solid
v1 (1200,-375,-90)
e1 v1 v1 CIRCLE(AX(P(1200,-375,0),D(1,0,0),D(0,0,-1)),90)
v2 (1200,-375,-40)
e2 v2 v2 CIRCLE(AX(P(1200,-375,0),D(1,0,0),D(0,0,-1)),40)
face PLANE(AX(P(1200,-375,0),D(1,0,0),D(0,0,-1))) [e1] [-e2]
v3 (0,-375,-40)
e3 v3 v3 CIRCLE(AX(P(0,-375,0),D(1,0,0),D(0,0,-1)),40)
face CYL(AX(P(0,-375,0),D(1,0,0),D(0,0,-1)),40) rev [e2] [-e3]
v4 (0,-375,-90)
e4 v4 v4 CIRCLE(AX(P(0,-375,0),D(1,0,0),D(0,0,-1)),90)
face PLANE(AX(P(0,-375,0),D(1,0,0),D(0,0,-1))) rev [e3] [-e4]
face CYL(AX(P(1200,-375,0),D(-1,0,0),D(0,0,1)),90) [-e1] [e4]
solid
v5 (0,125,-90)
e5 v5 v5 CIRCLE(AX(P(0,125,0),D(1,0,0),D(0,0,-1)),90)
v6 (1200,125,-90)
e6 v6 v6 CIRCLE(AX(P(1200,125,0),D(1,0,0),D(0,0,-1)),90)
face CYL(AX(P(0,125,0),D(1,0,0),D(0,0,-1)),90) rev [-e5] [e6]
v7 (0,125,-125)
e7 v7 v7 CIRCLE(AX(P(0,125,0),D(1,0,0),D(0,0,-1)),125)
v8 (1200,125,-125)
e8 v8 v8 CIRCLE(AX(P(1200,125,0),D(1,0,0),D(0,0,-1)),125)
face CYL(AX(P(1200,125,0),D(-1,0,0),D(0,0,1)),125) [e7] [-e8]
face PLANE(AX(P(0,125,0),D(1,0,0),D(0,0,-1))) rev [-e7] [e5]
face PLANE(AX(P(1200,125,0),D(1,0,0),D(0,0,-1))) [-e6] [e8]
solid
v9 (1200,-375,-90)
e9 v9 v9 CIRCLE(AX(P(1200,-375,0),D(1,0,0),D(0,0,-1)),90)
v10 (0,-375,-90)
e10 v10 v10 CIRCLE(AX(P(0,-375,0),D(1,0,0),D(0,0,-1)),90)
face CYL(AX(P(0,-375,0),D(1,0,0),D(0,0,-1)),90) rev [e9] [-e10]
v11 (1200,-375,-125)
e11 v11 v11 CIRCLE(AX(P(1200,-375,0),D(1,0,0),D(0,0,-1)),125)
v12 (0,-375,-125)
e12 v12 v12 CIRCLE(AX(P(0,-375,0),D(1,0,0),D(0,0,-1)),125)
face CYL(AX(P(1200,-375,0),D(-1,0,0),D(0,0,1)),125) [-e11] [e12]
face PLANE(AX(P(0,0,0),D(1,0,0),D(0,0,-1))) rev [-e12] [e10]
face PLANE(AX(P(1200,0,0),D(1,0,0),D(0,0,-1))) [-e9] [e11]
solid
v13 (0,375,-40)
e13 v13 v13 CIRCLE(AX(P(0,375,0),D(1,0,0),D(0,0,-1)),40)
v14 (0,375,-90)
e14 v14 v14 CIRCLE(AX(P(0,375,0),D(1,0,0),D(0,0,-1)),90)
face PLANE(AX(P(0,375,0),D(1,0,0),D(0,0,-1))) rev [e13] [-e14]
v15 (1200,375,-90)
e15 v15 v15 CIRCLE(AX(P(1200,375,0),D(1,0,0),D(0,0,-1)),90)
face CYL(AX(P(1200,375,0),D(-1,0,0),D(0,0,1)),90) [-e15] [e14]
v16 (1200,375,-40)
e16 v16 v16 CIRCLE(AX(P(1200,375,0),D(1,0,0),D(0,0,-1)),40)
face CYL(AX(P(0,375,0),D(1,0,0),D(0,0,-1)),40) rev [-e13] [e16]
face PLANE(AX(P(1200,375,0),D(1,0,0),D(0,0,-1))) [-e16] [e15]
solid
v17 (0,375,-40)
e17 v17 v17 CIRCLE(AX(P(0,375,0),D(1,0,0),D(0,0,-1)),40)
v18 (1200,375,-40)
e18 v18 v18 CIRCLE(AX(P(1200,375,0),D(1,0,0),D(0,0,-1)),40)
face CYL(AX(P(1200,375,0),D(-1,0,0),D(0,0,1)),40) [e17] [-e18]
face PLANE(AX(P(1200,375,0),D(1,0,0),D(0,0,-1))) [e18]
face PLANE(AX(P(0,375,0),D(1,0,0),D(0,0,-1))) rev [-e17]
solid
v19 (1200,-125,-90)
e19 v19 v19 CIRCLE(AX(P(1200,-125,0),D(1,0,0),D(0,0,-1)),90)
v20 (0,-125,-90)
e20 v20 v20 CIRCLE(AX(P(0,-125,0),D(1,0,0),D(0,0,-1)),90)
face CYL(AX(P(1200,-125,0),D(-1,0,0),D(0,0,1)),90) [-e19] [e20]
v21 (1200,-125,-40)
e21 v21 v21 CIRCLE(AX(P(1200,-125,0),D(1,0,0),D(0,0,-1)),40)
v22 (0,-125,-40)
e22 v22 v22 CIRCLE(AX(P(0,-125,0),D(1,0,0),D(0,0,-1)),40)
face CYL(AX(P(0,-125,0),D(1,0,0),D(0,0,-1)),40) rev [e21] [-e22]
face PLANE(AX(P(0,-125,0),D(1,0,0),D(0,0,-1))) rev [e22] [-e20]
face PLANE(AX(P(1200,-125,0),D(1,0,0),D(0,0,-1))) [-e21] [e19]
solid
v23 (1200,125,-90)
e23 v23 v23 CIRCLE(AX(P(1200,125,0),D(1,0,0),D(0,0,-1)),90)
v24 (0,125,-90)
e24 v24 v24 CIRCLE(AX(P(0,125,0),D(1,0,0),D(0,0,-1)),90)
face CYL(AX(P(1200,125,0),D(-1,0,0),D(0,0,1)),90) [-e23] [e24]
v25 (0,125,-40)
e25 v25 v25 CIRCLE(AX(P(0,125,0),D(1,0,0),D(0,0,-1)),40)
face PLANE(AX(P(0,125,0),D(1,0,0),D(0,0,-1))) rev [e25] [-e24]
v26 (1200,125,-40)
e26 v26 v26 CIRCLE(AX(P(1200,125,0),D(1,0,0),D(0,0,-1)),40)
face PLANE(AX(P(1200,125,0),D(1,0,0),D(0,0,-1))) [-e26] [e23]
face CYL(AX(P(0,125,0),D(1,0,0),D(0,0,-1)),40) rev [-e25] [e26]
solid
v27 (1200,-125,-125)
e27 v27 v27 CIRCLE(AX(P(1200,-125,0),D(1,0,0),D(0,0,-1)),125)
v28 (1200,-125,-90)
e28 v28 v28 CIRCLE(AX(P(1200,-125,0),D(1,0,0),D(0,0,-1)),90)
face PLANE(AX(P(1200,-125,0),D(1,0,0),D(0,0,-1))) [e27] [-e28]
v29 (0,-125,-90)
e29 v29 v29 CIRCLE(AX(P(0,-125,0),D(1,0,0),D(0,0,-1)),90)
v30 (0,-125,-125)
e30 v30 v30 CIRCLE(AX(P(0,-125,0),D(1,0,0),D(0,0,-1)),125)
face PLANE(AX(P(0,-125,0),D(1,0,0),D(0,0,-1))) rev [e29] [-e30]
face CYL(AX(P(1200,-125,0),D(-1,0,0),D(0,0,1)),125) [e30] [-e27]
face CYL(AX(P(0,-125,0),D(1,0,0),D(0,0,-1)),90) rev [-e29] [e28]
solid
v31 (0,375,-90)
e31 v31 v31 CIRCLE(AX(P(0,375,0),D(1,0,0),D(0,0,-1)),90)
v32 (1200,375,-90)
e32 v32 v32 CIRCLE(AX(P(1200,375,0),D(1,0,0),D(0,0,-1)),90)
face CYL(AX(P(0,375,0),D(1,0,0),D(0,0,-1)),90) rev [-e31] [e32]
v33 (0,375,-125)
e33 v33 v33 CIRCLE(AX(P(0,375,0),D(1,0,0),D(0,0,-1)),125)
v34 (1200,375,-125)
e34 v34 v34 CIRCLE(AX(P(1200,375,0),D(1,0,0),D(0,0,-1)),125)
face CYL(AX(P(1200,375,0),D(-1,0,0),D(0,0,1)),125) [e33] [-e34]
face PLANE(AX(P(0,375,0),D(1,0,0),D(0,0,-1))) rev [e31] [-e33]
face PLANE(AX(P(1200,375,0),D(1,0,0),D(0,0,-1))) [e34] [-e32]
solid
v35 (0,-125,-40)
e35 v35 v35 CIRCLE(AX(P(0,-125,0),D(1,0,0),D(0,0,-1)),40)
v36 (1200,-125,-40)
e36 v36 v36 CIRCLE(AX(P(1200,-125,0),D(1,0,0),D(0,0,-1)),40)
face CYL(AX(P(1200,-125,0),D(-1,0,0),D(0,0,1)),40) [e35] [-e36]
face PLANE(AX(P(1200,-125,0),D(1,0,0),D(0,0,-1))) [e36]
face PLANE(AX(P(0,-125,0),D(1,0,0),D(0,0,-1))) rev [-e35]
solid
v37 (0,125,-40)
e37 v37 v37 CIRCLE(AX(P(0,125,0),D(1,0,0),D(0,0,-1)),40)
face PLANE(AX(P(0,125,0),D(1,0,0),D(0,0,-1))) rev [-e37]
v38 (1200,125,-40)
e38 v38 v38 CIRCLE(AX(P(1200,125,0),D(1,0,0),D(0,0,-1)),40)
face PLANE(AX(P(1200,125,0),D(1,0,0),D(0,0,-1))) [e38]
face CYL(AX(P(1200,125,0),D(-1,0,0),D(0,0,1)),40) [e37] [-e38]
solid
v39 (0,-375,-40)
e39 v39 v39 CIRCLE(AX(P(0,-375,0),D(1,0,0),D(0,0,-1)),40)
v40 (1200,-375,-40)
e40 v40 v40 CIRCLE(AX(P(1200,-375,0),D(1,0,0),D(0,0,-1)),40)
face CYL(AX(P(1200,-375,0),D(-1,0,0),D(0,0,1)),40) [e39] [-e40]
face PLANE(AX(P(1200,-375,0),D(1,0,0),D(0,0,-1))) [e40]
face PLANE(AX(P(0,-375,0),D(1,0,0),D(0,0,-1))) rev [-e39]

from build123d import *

# Parameters (mm, degrees)
SKETCH_1_R          = 125
EXTRUDE_1_DEPTH     = 1200
EXTRUDE_1_2_DEPTH   = 1200
EXTRUDE_1_3_DEPTH   = 1200
EXTRUDE_1_4_DEPTH   = 1200
SKETCH_2_R          = 90
CUT_EXTRUDE_1_DEPTH = 1306.995788661
SKETCH_3_R          = 90
EXTRUDE_3_DEPTH     = 1200
EXTRUDE_3_2_DEPTH   = 1200
EXTRUDE_3_3_DEPTH   = 1200
EXTRUDE_3_4_DEPTH   = 1200
SKETCH_4_R          = 40
CUT_EXTRUDE_2_DEPTH = 1306.995788661
SKETCH_5_R          = 40
EXTRUDE_7_DEPTH     = 1200
EXTRUDE_7_2_DEPTH   = 1200
EXTRUDE_7_3_DEPTH   = 1200
EXTRUDE_7_4_DEPTH   = 1200


with BuildPart() as part:
    # 草图1 → 凸台-拉伸1 (new body)
    with BuildSketch(Plane(origin=(0, 0, 0), x_dir=(0, 0, -1), z_dir=(1, 0, 0))):
        with Locations((0, -375)):
            Circle(SKETCH_1_R)
    extrude(amount=EXTRUDE_1_DEPTH)


with BuildPart() as body_2:
    # 草图1 → Extrude 1 2 (new body)
    with BuildSketch(Plane(origin=(0, 0, 0), x_dir=(0, 0, -1), z_dir=(1, 0, 0))):
        with Locations((0, 375)):
            Circle(SKETCH_1_R)
    extrude(amount=EXTRUDE_1_2_DEPTH)


with BuildPart() as body_3:
    # 草图1 → Extrude 1 3 (new body)
    with BuildSketch(Plane(origin=(0, 0, 0), x_dir=(0, 0, -1), z_dir=(1, 0, 0))):
        with Locations((0, 125)):
            Circle(SKETCH_1_R)
    extrude(amount=EXTRUDE_1_3_DEPTH)


with BuildPart() as body_4:
    # 草图1 → Extrude 1 4 (new body)
    with BuildSketch(Plane(origin=(0, 0, 0), x_dir=(0, 0, -1), z_dir=(1, 0, 0))):
        with Locations((0, -125)):
            Circle(SKETCH_1_R)
    extrude(amount=EXTRUDE_1_4_DEPTH)


with BuildPart() as cut_extrude_1_tool:
    # 草图2 → 切除-拉伸1 (new, through all)
    with BuildSketch(Plane(origin=(1200, 0, 0), x_dir=(0, 0, -1), z_dir=(1, 0, 0))):
        with Locations((0, 375)):
            Circle(SKETCH_2_R)
        with Locations((0, 125)):
            Circle(SKETCH_2_R)
        with Locations((0, -125)):
            Circle(SKETCH_2_R)
        with Locations((0, -375)):
            Circle(SKETCH_2_R)
    extrude(amount=-CUT_EXTRUDE_1_DEPTH)


with BuildPart() as part_1:
    add(part.part)

    # 切除-拉伸1: cut by cut_extrude_1_tool
    add(cut_extrude_1_tool.part, mode=Mode.SUBTRACT)


with BuildPart() as body_2_1:
    add(body_2.part)

    # 切除-拉伸1: cut by cut_extrude_1_tool
    add(cut_extrude_1_tool.part, mode=Mode.SUBTRACT)


with BuildPart() as body_3_1:
    add(body_3.part)

    # 切除-拉伸1: cut by cut_extrude_1_tool
    add(cut_extrude_1_tool.part, mode=Mode.SUBTRACT)


with BuildPart() as body_4_1:
    add(body_4.part)

    # 切除-拉伸1: cut by cut_extrude_1_tool
    add(cut_extrude_1_tool.part, mode=Mode.SUBTRACT)


with BuildPart() as body_5:
    # 草图3 → 凸台-拉伸3 (new body)
    with BuildSketch(Plane(origin=(0, 0, 0), x_dir=(0, 0, -1), z_dir=(1, 0, 0))):
        with Locations((0, 375)):
            Circle(SKETCH_3_R)
    extrude(amount=EXTRUDE_3_DEPTH)


with BuildPart() as body_6:
    # 草图3 → Extrude 3 2 (new body)
    with BuildSketch(Plane(origin=(0, 0, 0), x_dir=(0, 0, -1), z_dir=(1, 0, 0))):
        with Locations((0, 125)):
            Circle(SKETCH_3_R)
    extrude(amount=EXTRUDE_3_2_DEPTH)


with BuildPart() as body_7:
    # 草图3 → Extrude 3 3 (new body)
    with BuildSketch(Plane(origin=(0, 0, 0), x_dir=(0, 0, -1), z_dir=(1, 0, 0))):
        with Locations((0, -125)):
            Circle(SKETCH_3_R)
    extrude(amount=EXTRUDE_3_3_DEPTH)


with BuildPart() as body_8:
    # 草图3 → Extrude 3 4 (new body)
    with BuildSketch(Plane(origin=(0, 0, 0), x_dir=(0, 0, -1), z_dir=(1, 0, 0))):
        with Locations((0, -375)):
            Circle(SKETCH_3_R)
    extrude(amount=EXTRUDE_3_4_DEPTH)


with BuildPart() as cut_extrude_2_tool:
    # 草图4 → 切除-拉伸2 (new, through all)
    with BuildSketch(Plane(origin=(1200, 0, 0), x_dir=(0, 0, -1), z_dir=(1, 0, 0))):
        with Locations((0, 375)):
            Circle(SKETCH_4_R)
        with Locations((0, 125)):
            Circle(SKETCH_4_R)
        with Locations((0, -125)):
            Circle(SKETCH_4_R)
        with Locations((0, -375)):
            Circle(SKETCH_4_R)
    extrude(amount=-CUT_EXTRUDE_2_DEPTH)


with BuildPart() as body_5_1:
    add(body_5.part)

    # 切除-拉伸2: cut by cut_extrude_2_tool
    add(cut_extrude_2_tool.part, mode=Mode.SUBTRACT)


with BuildPart() as body_6_1:
    add(body_6.part)

    # 切除-拉伸2: cut by cut_extrude_2_tool
    add(cut_extrude_2_tool.part, mode=Mode.SUBTRACT)


with BuildPart() as body_7_1:
    add(body_7.part)

    # 切除-拉伸2: cut by cut_extrude_2_tool
    add(cut_extrude_2_tool.part, mode=Mode.SUBTRACT)


with BuildPart() as body_8_1:
    add(body_8.part)

    # 切除-拉伸2: cut by cut_extrude_2_tool
    add(cut_extrude_2_tool.part, mode=Mode.SUBTRACT)


with BuildPart() as body_9:
    # 草图5 → 凸台-拉伸7 (new body)
    with BuildSketch(Plane(origin=(0, 0, 0), x_dir=(0, 0, -1), z_dir=(1, 0, 0))):
        with Locations((0, 375)):
            Circle(SKETCH_5_R)
    extrude(amount=EXTRUDE_7_DEPTH)


with BuildPart() as body_10:
    # 草图5 → Extrude 7 2 (new body)
    with BuildSketch(Plane(origin=(0, 0, 0), x_dir=(0, 0, -1), z_dir=(1, 0, 0))):
        with Locations((0, 125)):
            Circle(SKETCH_5_R)
    extrude(amount=EXTRUDE_7_2_DEPTH)


with BuildPart() as body_11:
    # 草图5 → Extrude 7 3 (new body)
    with BuildSketch(Plane(origin=(0, 0, 0), x_dir=(0, 0, -1), z_dir=(1, 0, 0))):
        with Locations((0, -125)):
            Circle(SKETCH_5_R)
    extrude(amount=EXTRUDE_7_3_DEPTH)


with BuildPart() as body_12:
    # 草图5 → Extrude 7 4 (new body)
    with BuildSketch(Plane(origin=(0, 0, 0), x_dir=(0, 0, -1), z_dir=(1, 0, 0))):
        with Locations((0, -375)):
            Circle(SKETCH_5_R)
    extrude(amount=EXTRUDE_7_4_DEPTH)


solid = Compound([part_1.part, body_2_1.part, body_3_1.part, body_4_1.part, body_5_1.part, body_6_1.part, body_7_1.part, body_8_1.part, body_9.part, body_10.part, body_11.part, body_12.part])
